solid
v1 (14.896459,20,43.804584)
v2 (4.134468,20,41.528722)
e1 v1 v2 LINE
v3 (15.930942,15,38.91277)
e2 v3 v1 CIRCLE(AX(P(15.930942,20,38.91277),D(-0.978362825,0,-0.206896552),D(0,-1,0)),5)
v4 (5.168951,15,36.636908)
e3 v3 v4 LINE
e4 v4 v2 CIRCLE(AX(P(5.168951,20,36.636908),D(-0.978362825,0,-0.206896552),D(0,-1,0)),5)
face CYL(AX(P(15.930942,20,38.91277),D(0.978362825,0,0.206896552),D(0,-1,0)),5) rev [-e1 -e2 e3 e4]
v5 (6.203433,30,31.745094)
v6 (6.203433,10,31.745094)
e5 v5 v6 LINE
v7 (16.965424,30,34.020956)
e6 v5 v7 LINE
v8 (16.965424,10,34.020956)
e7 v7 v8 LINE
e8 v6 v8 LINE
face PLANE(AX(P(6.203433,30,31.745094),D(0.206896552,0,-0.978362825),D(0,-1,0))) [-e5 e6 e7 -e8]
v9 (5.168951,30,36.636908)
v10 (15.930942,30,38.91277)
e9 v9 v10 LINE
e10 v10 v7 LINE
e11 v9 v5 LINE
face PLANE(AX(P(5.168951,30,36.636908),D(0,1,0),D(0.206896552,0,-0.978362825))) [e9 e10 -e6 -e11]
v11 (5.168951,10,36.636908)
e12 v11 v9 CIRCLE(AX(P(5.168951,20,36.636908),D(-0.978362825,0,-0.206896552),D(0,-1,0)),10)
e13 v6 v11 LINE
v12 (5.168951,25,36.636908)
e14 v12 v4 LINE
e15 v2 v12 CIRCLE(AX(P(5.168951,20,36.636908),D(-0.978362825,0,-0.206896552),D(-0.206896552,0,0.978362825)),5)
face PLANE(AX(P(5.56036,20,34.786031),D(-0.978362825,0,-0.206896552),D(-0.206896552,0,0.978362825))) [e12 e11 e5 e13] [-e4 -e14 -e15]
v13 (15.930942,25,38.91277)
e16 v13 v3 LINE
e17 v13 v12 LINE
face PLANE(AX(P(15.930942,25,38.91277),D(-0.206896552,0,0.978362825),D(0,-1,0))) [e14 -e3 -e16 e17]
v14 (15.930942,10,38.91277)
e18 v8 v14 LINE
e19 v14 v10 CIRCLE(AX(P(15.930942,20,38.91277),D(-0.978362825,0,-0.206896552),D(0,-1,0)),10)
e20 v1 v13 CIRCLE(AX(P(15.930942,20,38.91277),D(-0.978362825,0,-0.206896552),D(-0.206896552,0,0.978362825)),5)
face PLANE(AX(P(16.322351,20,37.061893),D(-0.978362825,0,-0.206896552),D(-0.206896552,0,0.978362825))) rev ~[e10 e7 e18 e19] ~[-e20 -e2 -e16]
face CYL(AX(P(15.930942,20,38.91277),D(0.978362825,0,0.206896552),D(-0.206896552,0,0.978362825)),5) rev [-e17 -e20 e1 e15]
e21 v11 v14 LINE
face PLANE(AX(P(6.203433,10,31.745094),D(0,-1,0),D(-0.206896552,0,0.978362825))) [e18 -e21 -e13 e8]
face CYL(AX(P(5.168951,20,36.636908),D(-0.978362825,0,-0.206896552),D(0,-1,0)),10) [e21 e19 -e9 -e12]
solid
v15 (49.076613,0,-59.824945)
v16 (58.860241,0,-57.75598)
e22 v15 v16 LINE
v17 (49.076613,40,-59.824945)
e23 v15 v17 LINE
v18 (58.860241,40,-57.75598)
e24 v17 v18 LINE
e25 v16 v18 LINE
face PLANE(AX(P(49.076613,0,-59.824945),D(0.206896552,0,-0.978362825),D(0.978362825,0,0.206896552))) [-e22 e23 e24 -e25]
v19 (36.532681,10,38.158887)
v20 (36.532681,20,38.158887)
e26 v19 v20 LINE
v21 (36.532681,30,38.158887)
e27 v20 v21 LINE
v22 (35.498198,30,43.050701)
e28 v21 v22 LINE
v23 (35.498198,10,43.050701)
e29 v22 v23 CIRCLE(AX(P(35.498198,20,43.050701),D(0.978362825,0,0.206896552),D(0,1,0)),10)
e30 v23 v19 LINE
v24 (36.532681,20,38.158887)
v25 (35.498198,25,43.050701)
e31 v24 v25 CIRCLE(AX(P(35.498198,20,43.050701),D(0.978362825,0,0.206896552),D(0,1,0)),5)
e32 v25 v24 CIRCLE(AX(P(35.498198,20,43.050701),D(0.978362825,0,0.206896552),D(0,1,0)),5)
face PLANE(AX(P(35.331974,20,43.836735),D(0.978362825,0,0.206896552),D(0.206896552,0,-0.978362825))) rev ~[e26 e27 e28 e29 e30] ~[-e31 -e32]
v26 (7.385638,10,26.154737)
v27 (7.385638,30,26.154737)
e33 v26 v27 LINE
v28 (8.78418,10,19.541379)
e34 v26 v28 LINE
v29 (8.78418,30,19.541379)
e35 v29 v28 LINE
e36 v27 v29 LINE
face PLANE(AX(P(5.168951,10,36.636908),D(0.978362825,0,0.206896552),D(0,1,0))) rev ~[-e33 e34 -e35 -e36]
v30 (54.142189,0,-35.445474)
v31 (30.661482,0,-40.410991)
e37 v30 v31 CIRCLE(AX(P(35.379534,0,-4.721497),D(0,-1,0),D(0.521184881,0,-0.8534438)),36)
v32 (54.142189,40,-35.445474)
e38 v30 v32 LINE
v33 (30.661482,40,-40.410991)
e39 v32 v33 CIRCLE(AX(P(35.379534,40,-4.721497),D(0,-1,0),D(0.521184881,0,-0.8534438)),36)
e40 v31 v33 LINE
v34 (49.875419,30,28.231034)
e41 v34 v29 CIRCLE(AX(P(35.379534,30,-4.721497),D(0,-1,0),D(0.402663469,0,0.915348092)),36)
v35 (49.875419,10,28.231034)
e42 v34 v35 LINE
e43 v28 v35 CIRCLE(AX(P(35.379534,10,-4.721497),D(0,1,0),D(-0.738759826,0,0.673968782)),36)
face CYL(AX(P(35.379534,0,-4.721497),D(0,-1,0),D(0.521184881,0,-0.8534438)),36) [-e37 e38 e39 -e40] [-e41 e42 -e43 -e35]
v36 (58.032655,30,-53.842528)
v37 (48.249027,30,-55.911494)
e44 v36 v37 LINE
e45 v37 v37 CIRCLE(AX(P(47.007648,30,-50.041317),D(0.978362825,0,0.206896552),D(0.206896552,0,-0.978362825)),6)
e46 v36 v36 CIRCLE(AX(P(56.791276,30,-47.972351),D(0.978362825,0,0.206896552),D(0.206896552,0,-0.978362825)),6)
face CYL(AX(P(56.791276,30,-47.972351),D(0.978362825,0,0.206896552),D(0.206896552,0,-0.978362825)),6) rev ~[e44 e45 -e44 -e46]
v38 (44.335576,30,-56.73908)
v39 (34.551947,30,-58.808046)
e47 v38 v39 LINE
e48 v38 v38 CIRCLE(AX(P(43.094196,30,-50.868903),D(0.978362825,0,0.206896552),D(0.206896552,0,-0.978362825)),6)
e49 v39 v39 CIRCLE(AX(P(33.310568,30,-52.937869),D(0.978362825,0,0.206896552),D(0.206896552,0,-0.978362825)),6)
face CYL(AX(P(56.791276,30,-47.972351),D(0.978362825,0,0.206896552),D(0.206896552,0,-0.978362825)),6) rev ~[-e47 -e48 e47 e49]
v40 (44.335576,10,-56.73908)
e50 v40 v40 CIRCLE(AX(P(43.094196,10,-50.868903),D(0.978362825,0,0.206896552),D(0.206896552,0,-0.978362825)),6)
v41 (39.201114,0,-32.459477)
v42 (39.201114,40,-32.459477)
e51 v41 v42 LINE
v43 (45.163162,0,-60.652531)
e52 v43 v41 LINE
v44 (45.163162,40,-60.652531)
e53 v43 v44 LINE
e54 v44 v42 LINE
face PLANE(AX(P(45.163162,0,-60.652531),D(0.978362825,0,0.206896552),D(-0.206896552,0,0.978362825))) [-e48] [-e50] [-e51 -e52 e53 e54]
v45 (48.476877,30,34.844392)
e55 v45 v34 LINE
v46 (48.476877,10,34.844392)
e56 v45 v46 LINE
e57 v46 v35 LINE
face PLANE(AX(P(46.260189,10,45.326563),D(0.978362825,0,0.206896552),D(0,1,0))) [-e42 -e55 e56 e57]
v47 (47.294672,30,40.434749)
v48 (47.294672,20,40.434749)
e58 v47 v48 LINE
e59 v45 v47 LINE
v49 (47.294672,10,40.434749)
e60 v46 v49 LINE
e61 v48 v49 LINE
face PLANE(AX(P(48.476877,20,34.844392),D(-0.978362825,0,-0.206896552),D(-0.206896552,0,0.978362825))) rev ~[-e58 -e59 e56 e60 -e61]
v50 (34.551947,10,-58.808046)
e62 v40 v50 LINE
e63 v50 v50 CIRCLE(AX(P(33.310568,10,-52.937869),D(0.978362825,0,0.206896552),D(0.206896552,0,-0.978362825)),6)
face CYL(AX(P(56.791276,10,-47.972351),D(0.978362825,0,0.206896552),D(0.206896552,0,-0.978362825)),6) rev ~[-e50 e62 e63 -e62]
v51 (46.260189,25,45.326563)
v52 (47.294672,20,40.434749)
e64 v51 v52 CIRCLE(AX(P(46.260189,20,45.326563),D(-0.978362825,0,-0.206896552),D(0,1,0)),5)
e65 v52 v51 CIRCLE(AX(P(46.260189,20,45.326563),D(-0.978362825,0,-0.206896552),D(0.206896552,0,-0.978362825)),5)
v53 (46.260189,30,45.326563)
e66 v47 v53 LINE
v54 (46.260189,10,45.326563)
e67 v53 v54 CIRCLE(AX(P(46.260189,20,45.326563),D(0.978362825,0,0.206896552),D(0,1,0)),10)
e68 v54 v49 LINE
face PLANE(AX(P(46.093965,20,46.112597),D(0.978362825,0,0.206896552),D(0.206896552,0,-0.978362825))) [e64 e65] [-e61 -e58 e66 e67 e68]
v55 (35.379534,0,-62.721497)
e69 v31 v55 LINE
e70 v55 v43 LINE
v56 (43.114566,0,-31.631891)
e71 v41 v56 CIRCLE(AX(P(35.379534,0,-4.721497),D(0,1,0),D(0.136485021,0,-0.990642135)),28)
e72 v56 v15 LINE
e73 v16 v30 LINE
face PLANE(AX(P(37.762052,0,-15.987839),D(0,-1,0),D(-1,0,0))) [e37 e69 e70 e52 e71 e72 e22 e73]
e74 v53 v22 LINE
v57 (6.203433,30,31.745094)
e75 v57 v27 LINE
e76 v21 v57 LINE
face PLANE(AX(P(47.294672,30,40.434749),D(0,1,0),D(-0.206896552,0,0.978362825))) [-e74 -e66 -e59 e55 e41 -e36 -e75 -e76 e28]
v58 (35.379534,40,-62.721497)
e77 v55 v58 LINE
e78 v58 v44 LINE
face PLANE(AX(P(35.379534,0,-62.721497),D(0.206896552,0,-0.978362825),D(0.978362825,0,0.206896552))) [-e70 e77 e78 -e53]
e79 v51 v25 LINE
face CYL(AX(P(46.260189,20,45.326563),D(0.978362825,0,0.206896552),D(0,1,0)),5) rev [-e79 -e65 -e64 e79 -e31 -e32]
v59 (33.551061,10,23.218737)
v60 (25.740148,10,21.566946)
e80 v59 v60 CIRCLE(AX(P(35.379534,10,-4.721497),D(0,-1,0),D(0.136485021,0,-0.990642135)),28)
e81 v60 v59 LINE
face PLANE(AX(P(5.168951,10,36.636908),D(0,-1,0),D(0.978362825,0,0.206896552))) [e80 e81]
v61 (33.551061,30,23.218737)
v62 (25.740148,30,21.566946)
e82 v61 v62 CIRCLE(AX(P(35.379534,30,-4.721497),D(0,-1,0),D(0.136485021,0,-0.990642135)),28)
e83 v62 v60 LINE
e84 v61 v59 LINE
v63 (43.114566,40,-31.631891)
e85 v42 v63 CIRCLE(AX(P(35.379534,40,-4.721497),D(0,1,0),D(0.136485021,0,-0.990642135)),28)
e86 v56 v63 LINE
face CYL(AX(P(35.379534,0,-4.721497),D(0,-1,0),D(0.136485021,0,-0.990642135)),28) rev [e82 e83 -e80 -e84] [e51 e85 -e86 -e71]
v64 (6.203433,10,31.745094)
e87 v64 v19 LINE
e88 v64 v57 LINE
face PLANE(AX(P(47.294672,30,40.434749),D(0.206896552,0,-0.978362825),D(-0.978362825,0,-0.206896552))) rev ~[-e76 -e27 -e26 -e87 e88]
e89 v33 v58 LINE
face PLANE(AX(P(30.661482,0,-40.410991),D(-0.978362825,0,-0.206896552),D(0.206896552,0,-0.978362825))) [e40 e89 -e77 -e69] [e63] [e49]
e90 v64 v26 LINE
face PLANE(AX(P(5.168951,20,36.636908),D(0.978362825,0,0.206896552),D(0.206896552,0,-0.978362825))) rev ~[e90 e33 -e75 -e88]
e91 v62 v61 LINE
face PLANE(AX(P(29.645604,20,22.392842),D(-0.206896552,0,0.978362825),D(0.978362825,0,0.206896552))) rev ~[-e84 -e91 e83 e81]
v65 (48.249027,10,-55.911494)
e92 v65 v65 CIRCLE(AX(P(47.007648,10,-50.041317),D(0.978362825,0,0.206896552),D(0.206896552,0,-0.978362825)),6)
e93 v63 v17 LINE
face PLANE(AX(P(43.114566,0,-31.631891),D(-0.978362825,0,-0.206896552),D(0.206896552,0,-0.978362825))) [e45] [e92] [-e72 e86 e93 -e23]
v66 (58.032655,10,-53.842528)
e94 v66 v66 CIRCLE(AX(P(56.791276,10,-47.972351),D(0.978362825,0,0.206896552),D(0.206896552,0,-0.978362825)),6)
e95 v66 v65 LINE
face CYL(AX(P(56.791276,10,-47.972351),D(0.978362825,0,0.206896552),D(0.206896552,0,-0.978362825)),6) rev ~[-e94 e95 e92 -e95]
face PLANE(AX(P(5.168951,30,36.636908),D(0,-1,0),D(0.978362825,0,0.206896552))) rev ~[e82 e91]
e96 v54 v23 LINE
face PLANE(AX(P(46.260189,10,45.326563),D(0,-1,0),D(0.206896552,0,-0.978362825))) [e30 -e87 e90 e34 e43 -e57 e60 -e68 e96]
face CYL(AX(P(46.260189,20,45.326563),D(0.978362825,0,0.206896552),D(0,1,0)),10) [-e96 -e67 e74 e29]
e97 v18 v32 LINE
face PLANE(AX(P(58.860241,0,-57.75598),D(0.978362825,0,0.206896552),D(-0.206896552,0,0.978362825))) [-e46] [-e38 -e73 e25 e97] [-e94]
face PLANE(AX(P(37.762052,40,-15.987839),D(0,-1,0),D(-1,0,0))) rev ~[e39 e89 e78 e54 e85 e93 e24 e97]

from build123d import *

# Parameters (mm, degrees)
BOSS_EXTRUDE1_DEPTH = 40
SKETCH2_R           = 6
CUT_EXTRUDE1_DEPTH  = 40
BOSS_EXTRUDE2_DEPTH = 10
SKETCH5_W           = 42
SKETCH5_H           = 20
BOSS_EXTRUDE3_DEPTH = 19
CUT_EXTRUDE3_DEPTH  = 100.644488095
BOSS_EXTRUDE6_DEPTH = 11
CUT_EXTRUDE4_DEPTH  = 101.019808074
BOSS_EXTRUDE7_DEPTH = 11
CUT_EXTRUDE8_START  = -11
CUT_EXTRUDE8_DEPTH  = 11


with BuildPart() as part:
    # Sketch1 → Boss-Extrude1 (new body)
    with BuildSketch(Plane(origin=(0, 0, 0), x_dir=(1, 0, 0), z_dir=(0, 1, 0))):
        with BuildLine():
            Line((30.661481596, 40.410991), (35.379533666, 62.721496963))
            Line((35.379533666, 62.721496963), (45.163161914, 60.652531445))
            Line((45.163161914, 60.652531445), (39.201114242, 32.459476736))
            ThreePointArc((39.201114242, 32.459476736), (29.586430218, -22.672662131), (43.114565541, 31.631890529))
            Line((43.114565541, 31.631890529), (49.076613213, 59.824945239))
            Line((49.076613213, 59.824945239), (58.860241461, 57.755979721))
            Line((58.860241461, 57.755979721), (54.14218939, 35.445473759))
            ThreePointArc((54.14218939, 35.445473759), (27.931257804, -30.499564729), (30.661481596, 40.410991))
        make_face()
    extrude(amount=BOSS_EXTRUDE1_DEPTH)

    # Sketch2 → Cut-Extrude1 (cut)
    with BuildSketch(Plane(origin=(44.649699848, 0, 9.442170839), x_dir=(0.20689655172413562, 0, -0.9783628247662838), z_dir=(0.9783628247662838, 0, 0.20689655172413562))):
        with Locations((58.684284459, 30)):
            Circle(SKETCH2_R)
        with Locations((58.684284459, 10)):
            Circle(SKETCH2_R)
    extrude(amount=-CUT_EXTRUDE1_DEPTH, mode=Mode.SUBTRACT)



with BuildPart() as body_2:
    # Sketch3 → Boss-Extrude2 (new, symmetric)
    with BuildSketch(Plane(origin=(0, 20, 0), x_dir=(1, 0, 0), z_dir=(0, 1, 0))):
        Polygon((16.190903907, -28.016806108), (7.385638484, -26.154737143), (5.168950645, -36.636907859), (46.260189285, -45.326563031), (48.476877124, -34.844392315), (39.671611701, -32.98232335), align=None)
    extrude(amount=BOSS_EXTRUDE2_DEPTH, both=True)


with BuildPart() as part_1:
    add(part.part)

    add(body_2.part)  # Boss-Extrude3 merges body 2
    # Sketch5 → Boss-Extrude3 (add)
    with BuildSketch(Plane(origin=(-7.194775986, 0, 34.022323226), x_dir=(0.9783628247662839, 0, 0.2068965517241352), z_dir=(-0.2068965517241352, 0, 0.9783628247662839))):
        with Locations((33.637159056, 20)):
            Rectangle(SKETCH5_W, SKETCH5_H)
    extrude(amount=-BOSS_EXTRUDE3_DEPTH)

    # Sketch7 → Cut-Extrude3 (cut, through all)
    with BuildSketch(Plane(origin=(0, 30, 0), x_dir=(1, 0, 0), z_dir=(0, 1, 0))):
        Polygon((47.294672044, -40.434748907), (6.203433404, -31.745093735), (5.168950645, -36.636907859), (46.260189285, -45.326563031), align=None)
    extrude(amount=-CUT_EXTRUDE3_DEPTH, mode=Mode.SUBTRACT)

    # Sketch9 → Boss-Extrude6 (add)
    with BuildSketch(Plane(origin=(53.454965271, 0, 11.304239805), x_dir=(0.20689655172413524, 0, -0.9783628247662839), z_dir=(0.9783628247662839, 0, 0.20689655172413524))):
        with BuildLine():
            Line((-29.774750599, 30), (-34.774750599, 30))
            ThreePointArc((-34.774750599, 30), (-44.774750599, 20), (-34.774750599, 10))
            Line((-34.774750599, 10), (-29.774750599, 10))
            Line((-29.774750599, 10), (-29.774750599, 30))
        make_face()
        with BuildLine():
            Line((-34.774750599, 25), (-34.774750599, 15))
            ThreePointArc((-34.774750599, 15), (-39.774750599, 20), (-34.774750599, 25))
        make_face(mode=Mode.SUBTRACT)
    extrude(amount=-BOSS_EXTRUDE6_DEPTH)

    # Sketch10 → Cut-Extrude4 (cut, through all)
    with BuildSketch(Plane(origin=(53.454965271, 0, 11.304239805), x_dir=(0.20689655172413524, 0, -0.9783628247662839), z_dir=(0.9783628247662839, 0, 0.20689655172413524))):
        with BuildLine():
            Line((-34.774750599, 15), (-34.774750599, 25))
            ThreePointArc((-34.774750599, 25), (-29.774750599, 20), (-34.774750599, 15))
        make_face()
    extrude(amount=-CUT_EXTRUDE4_DEPTH, mode=Mode.SUBTRACT)


with BuildPart() as body_2_2:
    # Sketch11 → Boss-Extrude7 (new body)
    with BuildSketch(Plane(origin=(12.363726631, 0, 2.614584632), x_dir=(-0.20689655172413524, 0, 0.9783628247662839), z_dir=(-0.9783628247662839, 0, -0.20689655172413524))):
        with BuildLine():
            Line((34.774750599, 30), (29.774750599, 30))
            Line((29.774750599, 30), (29.774750599, 10))
            Line((29.774750599, 10), (34.774750599, 10))
            ThreePointArc((34.774750599, 10), (44.774750599, 20), (34.774750599, 30))
        make_face()
    extrude(amount=-BOSS_EXTRUDE7_DEPTH)

    # Sketch12 → Cut-Extrude8 (cut)
    with BuildSketch(Plane(origin=(12.363726631, 0, 2.614584632), x_dir=(-0.20689655172413526, 0, 0.9783628247662839), z_dir=(-0.9783628247662839, 0, -0.20689655172413526)).offset(CUT_EXTRUDE8_START)):
        with BuildLine():
            ThreePointArc((39.774750599, 20), (38.310284505, 23.535533906), (34.774750599, 25))
            Line((34.774750599, 25), (34.774750599, 15))
            ThreePointArc((34.774750599, 15), (38.310284505, 16.464466094), (39.774750599, 20))
        make_face()
    extrude(amount=CUT_EXTRUDE8_DEPTH, mode=Mode.SUBTRACT)


solid = Compound([part_1.part, body_2_2.part])
